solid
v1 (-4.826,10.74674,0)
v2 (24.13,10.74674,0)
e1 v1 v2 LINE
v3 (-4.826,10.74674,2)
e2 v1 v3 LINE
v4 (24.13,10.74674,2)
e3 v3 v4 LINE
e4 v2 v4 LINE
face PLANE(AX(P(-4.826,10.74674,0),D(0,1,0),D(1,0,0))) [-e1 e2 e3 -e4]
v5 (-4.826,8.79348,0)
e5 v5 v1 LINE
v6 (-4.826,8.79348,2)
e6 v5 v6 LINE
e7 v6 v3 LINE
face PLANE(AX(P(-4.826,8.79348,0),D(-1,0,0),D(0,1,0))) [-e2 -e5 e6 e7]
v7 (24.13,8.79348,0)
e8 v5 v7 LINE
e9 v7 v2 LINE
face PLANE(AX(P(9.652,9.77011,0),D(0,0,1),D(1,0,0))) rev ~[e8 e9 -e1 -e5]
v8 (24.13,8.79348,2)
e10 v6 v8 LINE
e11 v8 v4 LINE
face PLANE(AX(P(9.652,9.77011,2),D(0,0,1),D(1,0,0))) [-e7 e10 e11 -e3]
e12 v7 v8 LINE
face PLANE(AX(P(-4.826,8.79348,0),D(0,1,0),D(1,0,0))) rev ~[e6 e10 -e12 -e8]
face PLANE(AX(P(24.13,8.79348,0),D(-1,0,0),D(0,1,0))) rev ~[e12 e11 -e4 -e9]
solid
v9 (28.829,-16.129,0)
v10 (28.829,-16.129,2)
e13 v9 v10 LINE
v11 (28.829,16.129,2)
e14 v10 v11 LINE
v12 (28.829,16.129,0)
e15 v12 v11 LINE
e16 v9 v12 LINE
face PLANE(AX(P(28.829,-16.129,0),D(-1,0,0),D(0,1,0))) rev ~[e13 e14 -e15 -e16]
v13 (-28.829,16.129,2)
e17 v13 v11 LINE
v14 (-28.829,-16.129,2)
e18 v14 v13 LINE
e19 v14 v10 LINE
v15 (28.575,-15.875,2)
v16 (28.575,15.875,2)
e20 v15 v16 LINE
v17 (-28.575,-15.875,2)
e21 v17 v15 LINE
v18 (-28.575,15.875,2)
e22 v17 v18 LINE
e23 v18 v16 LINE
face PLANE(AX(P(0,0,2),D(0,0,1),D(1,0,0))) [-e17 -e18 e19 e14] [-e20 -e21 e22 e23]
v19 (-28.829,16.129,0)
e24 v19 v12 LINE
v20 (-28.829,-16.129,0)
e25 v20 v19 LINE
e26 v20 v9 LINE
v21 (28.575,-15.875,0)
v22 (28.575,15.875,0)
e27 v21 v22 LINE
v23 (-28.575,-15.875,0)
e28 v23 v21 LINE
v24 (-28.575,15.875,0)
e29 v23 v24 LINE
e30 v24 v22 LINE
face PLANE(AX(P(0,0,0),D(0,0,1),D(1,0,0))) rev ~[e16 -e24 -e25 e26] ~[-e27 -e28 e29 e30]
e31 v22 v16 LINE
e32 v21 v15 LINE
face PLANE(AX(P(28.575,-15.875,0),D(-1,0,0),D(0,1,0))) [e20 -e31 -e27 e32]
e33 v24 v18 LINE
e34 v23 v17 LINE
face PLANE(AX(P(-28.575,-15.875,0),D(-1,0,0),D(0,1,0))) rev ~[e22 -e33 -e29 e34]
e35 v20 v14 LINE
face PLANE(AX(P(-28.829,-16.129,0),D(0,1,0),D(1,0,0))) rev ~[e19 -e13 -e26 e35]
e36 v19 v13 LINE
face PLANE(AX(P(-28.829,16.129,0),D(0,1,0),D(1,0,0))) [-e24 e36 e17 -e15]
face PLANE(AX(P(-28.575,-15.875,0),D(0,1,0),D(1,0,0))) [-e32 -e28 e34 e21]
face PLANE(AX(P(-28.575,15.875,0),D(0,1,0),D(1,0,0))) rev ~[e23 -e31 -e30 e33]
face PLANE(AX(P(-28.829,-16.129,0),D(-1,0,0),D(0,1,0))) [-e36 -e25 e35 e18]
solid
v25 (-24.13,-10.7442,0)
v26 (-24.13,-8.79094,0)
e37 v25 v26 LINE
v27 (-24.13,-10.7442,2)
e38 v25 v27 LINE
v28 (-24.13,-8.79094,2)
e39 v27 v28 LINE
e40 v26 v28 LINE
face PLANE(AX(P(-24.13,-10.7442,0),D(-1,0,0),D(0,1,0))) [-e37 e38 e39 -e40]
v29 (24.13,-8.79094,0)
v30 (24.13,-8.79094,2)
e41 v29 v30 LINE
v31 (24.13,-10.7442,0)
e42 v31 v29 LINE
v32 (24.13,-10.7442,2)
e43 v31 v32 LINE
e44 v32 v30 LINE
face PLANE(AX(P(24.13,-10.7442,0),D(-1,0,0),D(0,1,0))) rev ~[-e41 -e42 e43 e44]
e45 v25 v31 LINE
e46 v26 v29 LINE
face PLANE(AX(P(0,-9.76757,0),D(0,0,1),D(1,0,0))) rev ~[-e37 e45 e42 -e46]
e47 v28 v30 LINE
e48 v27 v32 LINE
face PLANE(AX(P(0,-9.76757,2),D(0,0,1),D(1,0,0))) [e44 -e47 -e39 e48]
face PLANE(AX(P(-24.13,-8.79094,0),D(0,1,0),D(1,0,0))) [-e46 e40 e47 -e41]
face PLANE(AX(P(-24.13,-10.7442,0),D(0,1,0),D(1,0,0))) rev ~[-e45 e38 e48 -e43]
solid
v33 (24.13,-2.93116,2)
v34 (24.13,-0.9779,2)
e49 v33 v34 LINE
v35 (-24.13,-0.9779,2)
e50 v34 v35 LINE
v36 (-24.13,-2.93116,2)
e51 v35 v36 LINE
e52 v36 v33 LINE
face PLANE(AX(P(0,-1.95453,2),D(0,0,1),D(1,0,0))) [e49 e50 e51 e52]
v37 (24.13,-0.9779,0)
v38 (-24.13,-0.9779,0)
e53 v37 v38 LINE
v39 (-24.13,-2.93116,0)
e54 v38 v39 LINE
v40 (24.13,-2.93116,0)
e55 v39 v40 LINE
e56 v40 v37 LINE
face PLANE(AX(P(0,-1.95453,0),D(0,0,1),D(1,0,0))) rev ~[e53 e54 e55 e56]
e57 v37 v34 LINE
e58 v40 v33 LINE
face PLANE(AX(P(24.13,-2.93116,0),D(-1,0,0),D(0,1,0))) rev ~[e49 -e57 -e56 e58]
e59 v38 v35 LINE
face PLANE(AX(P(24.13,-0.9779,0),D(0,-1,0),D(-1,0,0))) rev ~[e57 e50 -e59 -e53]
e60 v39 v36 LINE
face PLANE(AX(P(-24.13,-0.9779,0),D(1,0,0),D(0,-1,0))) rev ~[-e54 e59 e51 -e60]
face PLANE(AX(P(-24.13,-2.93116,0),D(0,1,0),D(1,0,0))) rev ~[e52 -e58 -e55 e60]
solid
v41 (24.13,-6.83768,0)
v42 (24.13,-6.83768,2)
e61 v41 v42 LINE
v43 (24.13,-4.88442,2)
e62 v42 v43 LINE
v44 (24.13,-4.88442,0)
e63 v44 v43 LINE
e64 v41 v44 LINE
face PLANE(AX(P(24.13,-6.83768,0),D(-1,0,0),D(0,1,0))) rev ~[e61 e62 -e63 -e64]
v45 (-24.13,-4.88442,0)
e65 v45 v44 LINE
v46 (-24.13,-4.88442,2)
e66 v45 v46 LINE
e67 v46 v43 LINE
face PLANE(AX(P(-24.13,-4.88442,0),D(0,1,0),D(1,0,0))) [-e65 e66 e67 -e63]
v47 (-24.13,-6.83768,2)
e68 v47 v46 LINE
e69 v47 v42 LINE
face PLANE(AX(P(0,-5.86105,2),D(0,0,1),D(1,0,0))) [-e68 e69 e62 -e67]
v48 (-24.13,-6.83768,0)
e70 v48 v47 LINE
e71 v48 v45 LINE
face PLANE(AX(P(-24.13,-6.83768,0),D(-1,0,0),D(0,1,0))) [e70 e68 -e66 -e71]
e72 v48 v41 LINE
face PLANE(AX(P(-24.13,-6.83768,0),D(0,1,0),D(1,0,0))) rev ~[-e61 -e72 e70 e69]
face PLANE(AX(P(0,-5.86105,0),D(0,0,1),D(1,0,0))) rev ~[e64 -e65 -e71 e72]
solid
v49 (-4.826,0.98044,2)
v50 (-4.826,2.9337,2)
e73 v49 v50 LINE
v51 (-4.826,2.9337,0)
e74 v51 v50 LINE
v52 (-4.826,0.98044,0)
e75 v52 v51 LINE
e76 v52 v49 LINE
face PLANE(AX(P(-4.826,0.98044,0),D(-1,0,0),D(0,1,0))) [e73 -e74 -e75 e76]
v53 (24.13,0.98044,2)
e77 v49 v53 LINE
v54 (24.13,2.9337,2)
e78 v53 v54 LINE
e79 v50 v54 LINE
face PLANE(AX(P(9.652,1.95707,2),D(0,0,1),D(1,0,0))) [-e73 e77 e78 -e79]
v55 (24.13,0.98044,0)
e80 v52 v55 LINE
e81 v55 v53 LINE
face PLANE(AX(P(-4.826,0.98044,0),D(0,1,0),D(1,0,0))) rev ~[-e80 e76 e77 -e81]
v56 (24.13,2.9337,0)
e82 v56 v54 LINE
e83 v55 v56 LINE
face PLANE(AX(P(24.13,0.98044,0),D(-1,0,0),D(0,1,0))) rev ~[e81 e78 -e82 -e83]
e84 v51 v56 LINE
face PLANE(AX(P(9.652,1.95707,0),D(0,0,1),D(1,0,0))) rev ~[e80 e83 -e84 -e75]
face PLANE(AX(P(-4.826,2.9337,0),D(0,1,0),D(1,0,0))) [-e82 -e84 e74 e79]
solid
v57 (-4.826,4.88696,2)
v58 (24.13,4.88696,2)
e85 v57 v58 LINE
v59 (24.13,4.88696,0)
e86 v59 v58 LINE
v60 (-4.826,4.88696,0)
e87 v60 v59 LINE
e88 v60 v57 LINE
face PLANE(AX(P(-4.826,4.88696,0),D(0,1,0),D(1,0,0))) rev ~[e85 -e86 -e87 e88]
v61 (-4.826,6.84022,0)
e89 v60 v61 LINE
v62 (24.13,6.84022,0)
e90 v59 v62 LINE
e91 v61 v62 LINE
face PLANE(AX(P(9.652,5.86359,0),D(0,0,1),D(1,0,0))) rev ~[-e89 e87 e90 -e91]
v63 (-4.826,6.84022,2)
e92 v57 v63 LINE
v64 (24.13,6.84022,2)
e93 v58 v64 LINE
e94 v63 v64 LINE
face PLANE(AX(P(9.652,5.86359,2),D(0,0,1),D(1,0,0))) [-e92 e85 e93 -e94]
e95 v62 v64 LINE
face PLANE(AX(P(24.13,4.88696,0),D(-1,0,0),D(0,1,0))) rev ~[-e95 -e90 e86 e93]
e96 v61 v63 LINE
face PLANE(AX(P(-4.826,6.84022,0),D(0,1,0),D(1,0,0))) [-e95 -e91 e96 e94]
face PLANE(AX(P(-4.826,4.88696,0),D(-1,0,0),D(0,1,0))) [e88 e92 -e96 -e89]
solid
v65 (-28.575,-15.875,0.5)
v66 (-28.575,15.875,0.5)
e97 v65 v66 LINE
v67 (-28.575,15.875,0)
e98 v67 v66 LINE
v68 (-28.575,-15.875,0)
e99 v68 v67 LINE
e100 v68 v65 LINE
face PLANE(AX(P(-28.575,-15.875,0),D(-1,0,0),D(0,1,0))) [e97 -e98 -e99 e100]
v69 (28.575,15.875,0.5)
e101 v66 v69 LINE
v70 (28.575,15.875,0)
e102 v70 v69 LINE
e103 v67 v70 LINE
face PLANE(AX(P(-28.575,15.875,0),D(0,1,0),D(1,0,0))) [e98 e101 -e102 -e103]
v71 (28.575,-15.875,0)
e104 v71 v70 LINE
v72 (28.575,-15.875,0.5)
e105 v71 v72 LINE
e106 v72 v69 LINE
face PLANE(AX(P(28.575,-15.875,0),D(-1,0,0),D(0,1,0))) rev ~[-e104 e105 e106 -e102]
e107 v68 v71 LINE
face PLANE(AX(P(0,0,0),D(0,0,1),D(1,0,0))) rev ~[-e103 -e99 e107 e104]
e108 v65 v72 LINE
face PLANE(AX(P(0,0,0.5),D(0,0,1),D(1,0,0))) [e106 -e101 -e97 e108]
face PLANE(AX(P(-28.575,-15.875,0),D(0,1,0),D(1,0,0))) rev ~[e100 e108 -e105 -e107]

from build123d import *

# Parameters (mm, degrees)
F0_W     = 48.26
F0_H     = 1.95326
F0_W_2   = 28.956
F1_DEPTH = 2
F2_W     = 57.658
F2_H     = 32.258
F2_W_2   = 57.15
F2_H_2   = 31.75
F3_DEPTH = 2
F4_W     = 57.15
F4_H     = 31.75
F5_DEPTH = 0.5


with BuildPart() as f1:
    # F0 (on Top) → F1 (new body)
    with BuildSketch(Plane.XY):
        with Locations((0, -9.76757)):
            Rectangle(F0_W, F0_H)
        with Locations((0, -5.86105)):
            Rectangle(F0_W, F0_H)
        Polygon((-4.826, -0.9779), (-24.13, -0.9779), (-24.13, -2.93116), (24.13, -2.93116), (24.13, -0.9779), align=None)
        with Locations((9.652, 1.95707)):
            Rectangle(F0_W_2, F0_H)
        with Locations((9.652, 5.86359)):
            Rectangle(F0_W_2, F0_H)
        with Locations((9.652, 9.77011)):
            Rectangle(F0_W_2, F0_H)
    extrude(amount=F1_DEPTH)


with BuildPart() as f3:
    # F2 (on Top) → F3 (new body)
    with BuildSketch(Plane.XY):
        Rectangle(F2_W, F2_H)
        Rectangle(F2_W_2, F2_H_2, mode=Mode.SUBTRACT)
    extrude(amount=F3_DEPTH)


with BuildPart() as f5:
    # F4 (on Top) → F5 (new body)
    with BuildSketch(Plane.XY):
        Rectangle(F4_W, F4_H)
    extrude(amount=F5_DEPTH)


solid = Compound([f1.part, f3.part, f5.part])
